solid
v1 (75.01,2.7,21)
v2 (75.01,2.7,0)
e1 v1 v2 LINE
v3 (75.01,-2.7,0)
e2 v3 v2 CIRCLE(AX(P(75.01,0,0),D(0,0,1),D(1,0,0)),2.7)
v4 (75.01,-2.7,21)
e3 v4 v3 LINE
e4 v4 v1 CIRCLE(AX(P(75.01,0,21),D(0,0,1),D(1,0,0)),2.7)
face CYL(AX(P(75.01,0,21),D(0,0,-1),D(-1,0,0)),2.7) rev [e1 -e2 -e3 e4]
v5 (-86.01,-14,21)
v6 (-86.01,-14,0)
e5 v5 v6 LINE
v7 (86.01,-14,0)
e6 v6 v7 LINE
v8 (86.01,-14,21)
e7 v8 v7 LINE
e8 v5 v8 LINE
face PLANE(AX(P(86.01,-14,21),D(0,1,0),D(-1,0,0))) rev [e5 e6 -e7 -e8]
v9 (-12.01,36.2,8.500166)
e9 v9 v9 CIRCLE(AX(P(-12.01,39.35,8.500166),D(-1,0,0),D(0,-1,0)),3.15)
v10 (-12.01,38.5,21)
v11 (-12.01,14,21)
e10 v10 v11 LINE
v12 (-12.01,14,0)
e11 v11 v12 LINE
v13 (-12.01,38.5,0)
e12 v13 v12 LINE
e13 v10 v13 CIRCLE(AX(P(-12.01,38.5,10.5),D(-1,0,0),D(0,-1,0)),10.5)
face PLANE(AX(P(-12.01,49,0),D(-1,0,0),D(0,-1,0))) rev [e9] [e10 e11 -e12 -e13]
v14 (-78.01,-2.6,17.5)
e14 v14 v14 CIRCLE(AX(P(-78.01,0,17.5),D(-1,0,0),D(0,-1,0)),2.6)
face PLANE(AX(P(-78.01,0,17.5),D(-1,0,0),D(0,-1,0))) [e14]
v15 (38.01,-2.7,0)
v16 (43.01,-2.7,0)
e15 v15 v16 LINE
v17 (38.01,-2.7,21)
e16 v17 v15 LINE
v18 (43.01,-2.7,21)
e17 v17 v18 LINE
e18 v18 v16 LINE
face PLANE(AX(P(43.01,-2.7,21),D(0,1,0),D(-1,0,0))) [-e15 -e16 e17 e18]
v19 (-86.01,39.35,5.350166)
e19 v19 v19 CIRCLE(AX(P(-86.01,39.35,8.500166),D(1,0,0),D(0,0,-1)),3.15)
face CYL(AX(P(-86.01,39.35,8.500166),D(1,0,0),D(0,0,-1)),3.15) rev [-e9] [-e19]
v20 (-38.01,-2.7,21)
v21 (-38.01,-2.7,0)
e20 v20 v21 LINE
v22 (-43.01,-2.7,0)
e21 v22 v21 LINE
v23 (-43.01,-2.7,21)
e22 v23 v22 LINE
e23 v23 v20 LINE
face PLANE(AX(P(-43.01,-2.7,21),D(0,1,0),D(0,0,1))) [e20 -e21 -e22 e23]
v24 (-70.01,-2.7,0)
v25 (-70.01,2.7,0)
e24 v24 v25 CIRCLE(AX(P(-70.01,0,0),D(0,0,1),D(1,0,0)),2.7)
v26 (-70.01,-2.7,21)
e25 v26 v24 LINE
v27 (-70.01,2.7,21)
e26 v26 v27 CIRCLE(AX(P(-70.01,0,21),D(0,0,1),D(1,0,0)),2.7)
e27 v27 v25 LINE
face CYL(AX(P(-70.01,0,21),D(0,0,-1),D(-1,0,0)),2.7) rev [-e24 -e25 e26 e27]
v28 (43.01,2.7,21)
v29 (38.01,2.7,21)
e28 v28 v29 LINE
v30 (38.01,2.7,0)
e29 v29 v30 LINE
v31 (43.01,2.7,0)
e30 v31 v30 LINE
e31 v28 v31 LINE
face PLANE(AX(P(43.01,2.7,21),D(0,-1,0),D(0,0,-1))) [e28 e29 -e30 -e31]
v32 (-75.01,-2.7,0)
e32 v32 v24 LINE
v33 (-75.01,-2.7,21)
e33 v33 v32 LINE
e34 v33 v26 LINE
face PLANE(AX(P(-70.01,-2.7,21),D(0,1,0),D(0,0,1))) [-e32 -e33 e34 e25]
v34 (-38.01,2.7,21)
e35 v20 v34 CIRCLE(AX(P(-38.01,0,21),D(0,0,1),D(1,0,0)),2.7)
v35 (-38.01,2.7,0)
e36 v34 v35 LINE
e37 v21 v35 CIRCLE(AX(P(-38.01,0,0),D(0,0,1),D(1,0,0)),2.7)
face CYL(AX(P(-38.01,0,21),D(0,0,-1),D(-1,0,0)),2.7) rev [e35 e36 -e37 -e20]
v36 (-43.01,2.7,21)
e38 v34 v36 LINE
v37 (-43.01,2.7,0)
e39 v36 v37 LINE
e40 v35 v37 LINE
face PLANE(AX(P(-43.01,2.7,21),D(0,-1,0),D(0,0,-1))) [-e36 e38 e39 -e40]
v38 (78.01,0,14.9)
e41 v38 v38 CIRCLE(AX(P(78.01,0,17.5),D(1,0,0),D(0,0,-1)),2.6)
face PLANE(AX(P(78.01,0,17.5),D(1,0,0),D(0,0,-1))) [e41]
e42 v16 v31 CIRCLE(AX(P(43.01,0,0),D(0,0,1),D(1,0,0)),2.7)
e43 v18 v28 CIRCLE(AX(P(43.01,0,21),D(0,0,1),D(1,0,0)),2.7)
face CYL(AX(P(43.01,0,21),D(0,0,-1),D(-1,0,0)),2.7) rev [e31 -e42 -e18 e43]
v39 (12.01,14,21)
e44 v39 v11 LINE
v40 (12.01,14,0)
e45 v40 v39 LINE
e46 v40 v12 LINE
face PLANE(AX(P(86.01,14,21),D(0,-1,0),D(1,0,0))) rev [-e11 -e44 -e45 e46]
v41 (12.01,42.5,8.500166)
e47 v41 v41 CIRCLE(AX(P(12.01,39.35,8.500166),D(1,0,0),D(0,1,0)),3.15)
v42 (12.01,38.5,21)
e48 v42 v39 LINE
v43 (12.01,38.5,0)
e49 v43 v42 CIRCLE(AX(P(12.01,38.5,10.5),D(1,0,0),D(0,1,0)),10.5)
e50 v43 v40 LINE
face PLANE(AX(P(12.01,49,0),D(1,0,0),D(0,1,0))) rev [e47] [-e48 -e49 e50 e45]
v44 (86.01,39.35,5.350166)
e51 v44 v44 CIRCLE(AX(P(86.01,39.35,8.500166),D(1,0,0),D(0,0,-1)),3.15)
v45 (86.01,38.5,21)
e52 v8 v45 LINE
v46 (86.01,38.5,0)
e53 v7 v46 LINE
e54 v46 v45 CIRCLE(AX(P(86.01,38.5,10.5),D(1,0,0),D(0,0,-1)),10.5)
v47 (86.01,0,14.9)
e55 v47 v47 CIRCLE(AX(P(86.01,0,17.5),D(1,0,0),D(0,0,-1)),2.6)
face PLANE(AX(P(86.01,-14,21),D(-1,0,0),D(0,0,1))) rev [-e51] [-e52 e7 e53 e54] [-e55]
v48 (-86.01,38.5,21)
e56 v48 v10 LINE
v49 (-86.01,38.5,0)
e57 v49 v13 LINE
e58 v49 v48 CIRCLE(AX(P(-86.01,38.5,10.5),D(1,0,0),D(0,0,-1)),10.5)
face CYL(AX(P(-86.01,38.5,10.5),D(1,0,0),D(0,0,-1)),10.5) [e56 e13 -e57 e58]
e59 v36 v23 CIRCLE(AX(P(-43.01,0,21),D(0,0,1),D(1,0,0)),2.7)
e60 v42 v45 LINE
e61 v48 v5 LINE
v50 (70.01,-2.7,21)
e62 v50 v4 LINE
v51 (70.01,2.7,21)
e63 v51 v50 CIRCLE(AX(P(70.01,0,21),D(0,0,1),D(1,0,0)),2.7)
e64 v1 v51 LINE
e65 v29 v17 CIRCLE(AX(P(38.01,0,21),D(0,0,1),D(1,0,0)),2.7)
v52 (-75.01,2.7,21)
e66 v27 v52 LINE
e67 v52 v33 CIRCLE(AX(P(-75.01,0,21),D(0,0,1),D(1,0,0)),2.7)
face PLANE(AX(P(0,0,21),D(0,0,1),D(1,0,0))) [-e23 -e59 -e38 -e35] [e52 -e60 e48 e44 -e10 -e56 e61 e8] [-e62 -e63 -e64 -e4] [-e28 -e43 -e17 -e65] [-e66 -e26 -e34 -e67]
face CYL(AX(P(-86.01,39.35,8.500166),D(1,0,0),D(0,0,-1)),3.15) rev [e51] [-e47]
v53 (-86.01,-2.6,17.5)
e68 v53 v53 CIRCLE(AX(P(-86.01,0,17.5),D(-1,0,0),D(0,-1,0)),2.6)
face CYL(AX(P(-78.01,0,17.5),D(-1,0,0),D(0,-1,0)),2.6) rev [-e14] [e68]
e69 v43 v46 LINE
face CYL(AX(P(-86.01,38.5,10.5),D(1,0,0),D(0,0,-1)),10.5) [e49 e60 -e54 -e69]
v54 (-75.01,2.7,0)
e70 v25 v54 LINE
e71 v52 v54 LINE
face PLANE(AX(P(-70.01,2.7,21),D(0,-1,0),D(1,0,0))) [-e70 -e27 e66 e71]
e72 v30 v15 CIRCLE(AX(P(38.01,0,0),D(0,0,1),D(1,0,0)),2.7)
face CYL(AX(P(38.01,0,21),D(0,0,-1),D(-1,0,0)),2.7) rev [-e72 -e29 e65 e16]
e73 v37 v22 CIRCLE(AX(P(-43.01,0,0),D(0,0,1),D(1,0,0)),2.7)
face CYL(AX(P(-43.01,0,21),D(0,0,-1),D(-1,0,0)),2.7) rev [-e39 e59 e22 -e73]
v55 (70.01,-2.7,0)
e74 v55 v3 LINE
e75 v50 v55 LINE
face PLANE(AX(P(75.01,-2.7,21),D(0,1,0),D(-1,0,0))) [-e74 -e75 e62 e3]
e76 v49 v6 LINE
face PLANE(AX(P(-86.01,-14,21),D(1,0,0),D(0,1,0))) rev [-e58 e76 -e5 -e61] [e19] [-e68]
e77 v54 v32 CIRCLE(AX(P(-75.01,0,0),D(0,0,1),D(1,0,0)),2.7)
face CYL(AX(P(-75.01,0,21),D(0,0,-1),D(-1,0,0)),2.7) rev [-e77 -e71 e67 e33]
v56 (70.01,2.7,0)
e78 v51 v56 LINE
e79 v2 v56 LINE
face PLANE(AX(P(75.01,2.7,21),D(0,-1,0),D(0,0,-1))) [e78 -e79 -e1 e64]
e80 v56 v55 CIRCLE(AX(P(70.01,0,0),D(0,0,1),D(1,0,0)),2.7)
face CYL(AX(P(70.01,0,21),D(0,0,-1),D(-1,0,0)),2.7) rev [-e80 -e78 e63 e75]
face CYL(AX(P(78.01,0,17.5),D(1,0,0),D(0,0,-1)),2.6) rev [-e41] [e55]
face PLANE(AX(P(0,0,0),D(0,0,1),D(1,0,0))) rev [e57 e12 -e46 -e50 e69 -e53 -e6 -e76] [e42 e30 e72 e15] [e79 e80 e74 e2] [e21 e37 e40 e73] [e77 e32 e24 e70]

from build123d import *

# Parameters (mm, degrees)
SKETCH_1_W          = 172.02
SKETCH_1_H          = 28
EXTRUDE_1_DEPTH     = 21
SKETCH_2_W          = 74
SKETCH_2_H          = 21
EXTRUDE_2_DEPTH     = 35
CUT_EXTRUDE_1_DEPTH = 173.02
SKETCH_4_R          = 3.15
CUT_EXTRUDE_2_DEPTH = 173.02
SKETCH_6_R          = 2.6
CUT_EXTRUDE_3_DEPTH = 8
SKETCH_7_R          = 2.6
CUT_EXTRUDE_4_DEPTH = 8


with BuildPart() as part:
    # 草图1 → 凸台-拉伸1 (new body)
    with BuildSketch(Plane.XY):
        Rectangle(SKETCH_1_W, SKETCH_1_H)
        with BuildLine():
            Line((75.01, -2.7), (70.01, -2.7))
            ThreePointArc((70.01, -2.7), (67.31, 0), (70.01, 2.7))
            Line((70.01, 2.7), (75.01, 2.7))
            ThreePointArc((75.01, 2.7), (77.71, 0), (75.01, -2.7))
        make_face(mode=Mode.SUBTRACT)
        with BuildLine():
            Line((43.01, -2.7), (38.01, -2.7))
            ThreePointArc((38.01, -2.7), (35.31, 0), (38.01, 2.7))
            Line((38.01, 2.7), (43.01, 2.7))
            ThreePointArc((43.01, 2.7), (45.71, 0), (43.01, -2.7))
        make_face(mode=Mode.SUBTRACT)
        with BuildLine():
            Line((-70.01, -2.7), (-75.01, -2.7))
            ThreePointArc((-75.01, -2.7), (-77.71, 0), (-75.01, 2.7))
            Line((-75.01, 2.7), (-70.01, 2.7))
            ThreePointArc((-70.01, 2.7), (-67.31, 0), (-70.01, -2.7))
        make_face(mode=Mode.SUBTRACT)
        with BuildLine():
            Line((-43.01, 2.7), (-38.01, 2.7))
            ThreePointArc((-38.01, 2.7), (-35.31, 0), (-38.01, -2.7))
            Line((-38.01, -2.7), (-43.01, -2.7))
            ThreePointArc((-43.01, -2.7), (-45.71, 0), (-43.01, 2.7))
        make_face(mode=Mode.SUBTRACT)
    extrude(amount=EXTRUDE_1_DEPTH)

    # 草图2 → 凸台-拉伸2 (add)
    with BuildSketch(Plane(origin=(0, 14, 0), x_dir=(1, 0, 0), z_dir=(0, 1, 0))):
        with Locations((-49.01, -10.5)):
            Rectangle(SKETCH_2_W, SKETCH_2_H)
        with Locations((49.01, -10.5)):
            Rectangle(SKETCH_2_W, SKETCH_2_H)
    extrude(amount=EXTRUDE_2_DEPTH)

    # 草图3 → 切除-拉伸1 (cut, through all)
    with BuildSketch(Plane(origin=(86.01, 0, 0), x_dir=(0, 0, -1), z_dir=(1, 0, 0))):
        with BuildLine():
            Line((0, 49), (-10.5, 49))
            ThreePointArc((-10.5, 49), (-3.075378798, 45.924621202), (0, 38.5))
            Line((0, 38.5), (0, 49))
        make_face()
        with BuildLine():
            Line((-10.5, 49), (-21, 49))
            Line((-21, 49), (-21, 38.5))
            ThreePointArc((-21, 38.5), (-17.924621202, 45.924621202), (-10.5, 49))
        make_face()
    extrude(amount=-CUT_EXTRUDE_1_DEPTH, mode=Mode.SUBTRACT)

    # 草图4 → 切除-拉伸2 (cut, through all)
    with BuildSketch(Plane(origin=(86.01, 0, 0), x_dir=(0, 0, -1), z_dir=(1, 0, 0))):
        with Locations((-8.500165561, 39.35)):
            Circle(SKETCH_4_R)
    extrude(amount=-CUT_EXTRUDE_2_DEPTH, mode=Mode.SUBTRACT)

    # 草图6 → 切除-拉伸3 (cut)
    with BuildSketch(Plane(origin=(86.01, 0, 0), x_dir=(0, 0, -1), z_dir=(1, 0, 0))):
        with Locations((-17.5, 0)):
            Circle(SKETCH_6_R)
    extrude(amount=-CUT_EXTRUDE_3_DEPTH, mode=Mode.SUBTRACT)

    # 草图7 → 切除-拉伸4 (cut)
    with BuildSketch(Plane.ZY.offset(86.01)):
        with Locations((17.5, 0)):
            Circle(SKETCH_7_R)
    extrude(amount=-CUT_EXTRUDE_4_DEPTH, mode=Mode.SUBTRACT)


solid = part.part
